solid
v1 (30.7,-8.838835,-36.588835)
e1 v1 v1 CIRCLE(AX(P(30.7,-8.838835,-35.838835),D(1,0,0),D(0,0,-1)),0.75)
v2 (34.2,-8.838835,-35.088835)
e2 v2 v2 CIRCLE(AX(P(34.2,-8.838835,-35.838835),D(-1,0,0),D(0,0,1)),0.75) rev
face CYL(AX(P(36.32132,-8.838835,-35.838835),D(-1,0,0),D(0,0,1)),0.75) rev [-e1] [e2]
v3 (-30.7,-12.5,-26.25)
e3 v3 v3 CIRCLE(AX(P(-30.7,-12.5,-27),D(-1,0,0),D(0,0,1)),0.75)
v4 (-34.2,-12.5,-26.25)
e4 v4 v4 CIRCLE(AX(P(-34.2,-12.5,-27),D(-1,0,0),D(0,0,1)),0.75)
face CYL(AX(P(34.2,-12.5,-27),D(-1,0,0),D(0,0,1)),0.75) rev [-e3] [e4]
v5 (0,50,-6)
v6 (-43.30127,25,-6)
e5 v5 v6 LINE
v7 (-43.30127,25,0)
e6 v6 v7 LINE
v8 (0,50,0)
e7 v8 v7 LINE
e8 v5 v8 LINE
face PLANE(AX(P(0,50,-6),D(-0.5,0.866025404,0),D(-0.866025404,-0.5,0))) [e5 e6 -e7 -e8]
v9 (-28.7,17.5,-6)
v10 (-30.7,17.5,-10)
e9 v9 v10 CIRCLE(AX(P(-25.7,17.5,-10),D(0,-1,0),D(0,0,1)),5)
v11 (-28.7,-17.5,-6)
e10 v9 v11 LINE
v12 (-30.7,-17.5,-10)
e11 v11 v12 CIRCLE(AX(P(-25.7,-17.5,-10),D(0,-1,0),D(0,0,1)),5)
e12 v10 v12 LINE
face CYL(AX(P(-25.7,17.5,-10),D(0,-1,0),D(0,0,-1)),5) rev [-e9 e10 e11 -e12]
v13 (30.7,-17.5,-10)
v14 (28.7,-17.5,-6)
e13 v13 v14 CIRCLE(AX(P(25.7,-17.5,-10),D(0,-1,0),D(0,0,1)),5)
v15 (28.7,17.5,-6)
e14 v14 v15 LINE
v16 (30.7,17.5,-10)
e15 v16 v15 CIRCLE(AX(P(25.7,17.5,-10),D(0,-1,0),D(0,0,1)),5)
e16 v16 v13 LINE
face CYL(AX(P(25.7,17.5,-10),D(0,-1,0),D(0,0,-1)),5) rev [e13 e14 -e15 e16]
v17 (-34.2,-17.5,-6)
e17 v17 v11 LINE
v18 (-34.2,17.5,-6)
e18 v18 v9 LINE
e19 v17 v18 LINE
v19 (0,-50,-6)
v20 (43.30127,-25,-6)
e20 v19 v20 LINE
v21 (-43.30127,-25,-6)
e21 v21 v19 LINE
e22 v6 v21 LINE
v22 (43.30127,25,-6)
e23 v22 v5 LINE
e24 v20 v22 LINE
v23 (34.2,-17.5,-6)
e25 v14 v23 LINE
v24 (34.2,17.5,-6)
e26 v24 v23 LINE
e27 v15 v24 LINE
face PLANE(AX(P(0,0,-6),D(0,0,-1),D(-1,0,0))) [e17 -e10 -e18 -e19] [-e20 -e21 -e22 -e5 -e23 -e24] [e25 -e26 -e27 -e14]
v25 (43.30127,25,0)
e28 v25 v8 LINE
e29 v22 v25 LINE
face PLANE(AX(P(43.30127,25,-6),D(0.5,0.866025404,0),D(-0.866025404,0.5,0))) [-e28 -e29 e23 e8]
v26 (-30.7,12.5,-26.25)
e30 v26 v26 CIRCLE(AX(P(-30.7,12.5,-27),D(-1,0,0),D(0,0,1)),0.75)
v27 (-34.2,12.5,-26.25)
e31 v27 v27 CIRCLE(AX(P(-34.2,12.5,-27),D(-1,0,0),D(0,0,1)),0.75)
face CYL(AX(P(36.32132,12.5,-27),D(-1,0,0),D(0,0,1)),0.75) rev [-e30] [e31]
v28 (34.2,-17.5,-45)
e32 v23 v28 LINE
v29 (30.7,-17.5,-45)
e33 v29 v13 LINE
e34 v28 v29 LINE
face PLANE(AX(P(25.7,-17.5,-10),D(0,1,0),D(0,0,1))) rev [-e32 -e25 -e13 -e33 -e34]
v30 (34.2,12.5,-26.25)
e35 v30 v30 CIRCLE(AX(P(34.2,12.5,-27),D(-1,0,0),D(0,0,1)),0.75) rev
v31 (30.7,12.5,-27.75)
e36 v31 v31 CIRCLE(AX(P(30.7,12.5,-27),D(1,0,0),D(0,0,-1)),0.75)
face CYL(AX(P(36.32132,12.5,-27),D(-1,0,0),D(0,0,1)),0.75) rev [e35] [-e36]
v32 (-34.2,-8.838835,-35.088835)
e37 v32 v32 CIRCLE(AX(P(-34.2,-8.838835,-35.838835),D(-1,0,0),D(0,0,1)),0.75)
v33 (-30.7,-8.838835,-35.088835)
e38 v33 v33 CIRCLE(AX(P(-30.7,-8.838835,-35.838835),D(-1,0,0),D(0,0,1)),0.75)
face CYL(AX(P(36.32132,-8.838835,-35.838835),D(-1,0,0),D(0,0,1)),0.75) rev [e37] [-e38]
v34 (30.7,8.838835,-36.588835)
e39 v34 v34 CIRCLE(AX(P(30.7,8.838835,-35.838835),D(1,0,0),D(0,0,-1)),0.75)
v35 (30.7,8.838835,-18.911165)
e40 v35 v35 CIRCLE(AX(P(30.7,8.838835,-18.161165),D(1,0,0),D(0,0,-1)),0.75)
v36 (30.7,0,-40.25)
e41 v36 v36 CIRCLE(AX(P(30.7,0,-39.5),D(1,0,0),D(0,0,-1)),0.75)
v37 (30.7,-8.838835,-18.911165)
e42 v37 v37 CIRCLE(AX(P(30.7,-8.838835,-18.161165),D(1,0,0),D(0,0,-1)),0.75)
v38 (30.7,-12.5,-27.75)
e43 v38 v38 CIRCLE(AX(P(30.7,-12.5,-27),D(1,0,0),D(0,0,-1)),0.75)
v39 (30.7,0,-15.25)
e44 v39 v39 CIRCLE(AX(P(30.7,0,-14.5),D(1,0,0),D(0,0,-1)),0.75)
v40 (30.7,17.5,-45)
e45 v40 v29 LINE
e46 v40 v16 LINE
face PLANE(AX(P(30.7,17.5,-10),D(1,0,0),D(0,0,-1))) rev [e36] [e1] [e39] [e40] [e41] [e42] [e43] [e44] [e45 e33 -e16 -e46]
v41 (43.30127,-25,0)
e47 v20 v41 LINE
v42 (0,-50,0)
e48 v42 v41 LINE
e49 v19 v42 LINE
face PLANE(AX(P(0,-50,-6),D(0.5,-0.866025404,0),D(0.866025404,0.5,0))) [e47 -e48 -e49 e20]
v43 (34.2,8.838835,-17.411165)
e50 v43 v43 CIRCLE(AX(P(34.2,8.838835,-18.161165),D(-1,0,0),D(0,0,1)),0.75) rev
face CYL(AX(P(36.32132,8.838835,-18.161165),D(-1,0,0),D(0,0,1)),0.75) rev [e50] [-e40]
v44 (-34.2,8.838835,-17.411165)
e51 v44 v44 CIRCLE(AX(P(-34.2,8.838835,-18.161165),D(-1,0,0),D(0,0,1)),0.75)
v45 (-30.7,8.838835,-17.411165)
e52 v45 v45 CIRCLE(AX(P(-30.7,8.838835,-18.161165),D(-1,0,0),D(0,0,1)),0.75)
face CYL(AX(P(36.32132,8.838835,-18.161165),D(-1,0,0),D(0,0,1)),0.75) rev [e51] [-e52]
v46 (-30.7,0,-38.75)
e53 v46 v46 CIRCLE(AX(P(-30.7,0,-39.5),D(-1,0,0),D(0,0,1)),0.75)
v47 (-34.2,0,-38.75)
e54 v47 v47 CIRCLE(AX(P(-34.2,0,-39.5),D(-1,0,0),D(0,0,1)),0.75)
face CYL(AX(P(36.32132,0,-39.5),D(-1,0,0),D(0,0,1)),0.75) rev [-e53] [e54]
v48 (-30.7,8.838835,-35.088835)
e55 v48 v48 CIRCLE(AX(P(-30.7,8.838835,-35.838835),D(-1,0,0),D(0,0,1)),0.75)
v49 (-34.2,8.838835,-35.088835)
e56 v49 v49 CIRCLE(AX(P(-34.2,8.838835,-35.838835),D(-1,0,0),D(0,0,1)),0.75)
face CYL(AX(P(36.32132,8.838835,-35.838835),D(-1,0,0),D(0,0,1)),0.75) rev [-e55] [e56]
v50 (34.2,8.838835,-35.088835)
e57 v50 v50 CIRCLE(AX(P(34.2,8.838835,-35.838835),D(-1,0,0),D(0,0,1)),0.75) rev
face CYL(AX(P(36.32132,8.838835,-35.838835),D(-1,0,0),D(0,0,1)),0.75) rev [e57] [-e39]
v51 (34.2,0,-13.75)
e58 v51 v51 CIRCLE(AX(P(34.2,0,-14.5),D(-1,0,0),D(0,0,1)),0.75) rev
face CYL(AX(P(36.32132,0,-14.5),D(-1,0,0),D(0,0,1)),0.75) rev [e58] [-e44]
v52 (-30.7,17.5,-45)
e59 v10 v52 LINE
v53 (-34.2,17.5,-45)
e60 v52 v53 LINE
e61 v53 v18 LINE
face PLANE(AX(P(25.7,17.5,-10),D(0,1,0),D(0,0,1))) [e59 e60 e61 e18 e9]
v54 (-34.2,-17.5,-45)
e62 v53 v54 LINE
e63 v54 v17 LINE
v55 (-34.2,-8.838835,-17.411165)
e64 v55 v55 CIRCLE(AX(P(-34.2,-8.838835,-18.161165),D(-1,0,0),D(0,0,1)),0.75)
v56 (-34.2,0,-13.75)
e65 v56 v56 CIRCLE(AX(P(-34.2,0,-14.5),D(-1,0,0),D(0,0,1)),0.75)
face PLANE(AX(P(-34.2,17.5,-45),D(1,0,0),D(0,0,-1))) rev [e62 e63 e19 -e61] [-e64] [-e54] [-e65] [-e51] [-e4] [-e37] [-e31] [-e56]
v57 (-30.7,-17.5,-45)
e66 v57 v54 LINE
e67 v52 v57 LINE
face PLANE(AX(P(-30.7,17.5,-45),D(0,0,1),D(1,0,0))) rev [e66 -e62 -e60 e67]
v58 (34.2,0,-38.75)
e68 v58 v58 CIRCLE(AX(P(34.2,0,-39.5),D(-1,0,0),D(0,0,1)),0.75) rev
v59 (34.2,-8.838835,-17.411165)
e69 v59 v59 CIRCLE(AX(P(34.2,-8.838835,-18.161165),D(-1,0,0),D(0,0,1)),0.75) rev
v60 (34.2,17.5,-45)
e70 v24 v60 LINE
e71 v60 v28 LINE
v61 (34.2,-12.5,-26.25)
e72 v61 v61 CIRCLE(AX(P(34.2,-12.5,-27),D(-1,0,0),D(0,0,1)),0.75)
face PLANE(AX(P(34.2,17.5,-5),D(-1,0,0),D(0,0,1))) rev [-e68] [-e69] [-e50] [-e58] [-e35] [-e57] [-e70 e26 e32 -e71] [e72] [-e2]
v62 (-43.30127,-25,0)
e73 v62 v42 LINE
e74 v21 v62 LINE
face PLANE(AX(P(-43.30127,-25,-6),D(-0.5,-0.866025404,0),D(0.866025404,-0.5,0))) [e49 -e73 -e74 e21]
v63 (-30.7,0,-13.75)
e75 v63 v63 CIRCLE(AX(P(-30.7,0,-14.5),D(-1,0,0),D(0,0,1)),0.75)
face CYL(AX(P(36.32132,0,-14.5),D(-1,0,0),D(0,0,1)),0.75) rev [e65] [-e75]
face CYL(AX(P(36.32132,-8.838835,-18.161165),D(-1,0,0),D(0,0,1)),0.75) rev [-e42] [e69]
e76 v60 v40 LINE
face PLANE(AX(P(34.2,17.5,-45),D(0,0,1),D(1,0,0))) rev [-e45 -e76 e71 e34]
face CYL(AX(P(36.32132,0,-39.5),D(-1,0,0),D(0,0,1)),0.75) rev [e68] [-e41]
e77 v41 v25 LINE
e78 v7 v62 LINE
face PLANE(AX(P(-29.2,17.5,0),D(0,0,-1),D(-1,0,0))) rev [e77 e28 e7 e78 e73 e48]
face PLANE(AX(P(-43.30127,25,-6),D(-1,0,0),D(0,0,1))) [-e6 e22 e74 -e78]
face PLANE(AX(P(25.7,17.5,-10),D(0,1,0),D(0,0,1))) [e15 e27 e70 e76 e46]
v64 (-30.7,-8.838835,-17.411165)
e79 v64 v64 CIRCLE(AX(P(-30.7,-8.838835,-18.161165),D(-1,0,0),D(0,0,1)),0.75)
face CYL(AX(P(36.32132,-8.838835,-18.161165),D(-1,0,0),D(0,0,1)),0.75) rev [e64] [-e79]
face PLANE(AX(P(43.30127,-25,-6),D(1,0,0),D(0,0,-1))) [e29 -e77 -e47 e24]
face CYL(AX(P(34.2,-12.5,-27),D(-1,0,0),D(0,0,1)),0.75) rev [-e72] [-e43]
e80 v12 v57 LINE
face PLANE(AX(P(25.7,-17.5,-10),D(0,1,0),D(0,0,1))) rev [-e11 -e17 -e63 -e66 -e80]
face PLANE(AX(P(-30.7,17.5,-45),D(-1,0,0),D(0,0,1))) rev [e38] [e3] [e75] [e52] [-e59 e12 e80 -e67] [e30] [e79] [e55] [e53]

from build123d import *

# Parameters (mm, degrees)
BOSS_EXTRUDE1_DEPTH = 17.5
SKETCH2_R           = 0.75
CUT_EXTRUDE1_DEPTH  = 68.4
SKETCH2_3_R         = 0.75
CUT_EXTRUDE2_DEPTH  = 69.4
SKETCH3_W           = 82.6
SKETCH3_H           = 35
BOSS_EXTRUDE2_DEPTH = 6
BOSS_EXTRUDE3_DEPTH = 6


with BuildPart() as part:
    # Sketch1 → Boss-Extrude1 (new body, symmetric)
    with BuildSketch(Plane(origin=(0, 0, 0), x_dir=(1, 0, 0), z_dir=(0, 1, 0))):
        with BuildLine():
            Line((-29.2, 0), (29.2, 0))
            ThreePointArc((29.2, 0), (32.735533906, 1.464466094), (34.2, 5))
            Line((34.2, 5), (34.2, 45))
            Line((34.2, 45), (30.7, 45))
            Line((30.7, 45), (30.7, 10))
            ThreePointArc((30.7, 10), (29.235533906, 6.464466094), (25.7, 5))
            Line((25.7, 5), (-25.7, 5))
            ThreePointArc((-25.7, 5), (-29.235533906, 6.464466094), (-30.7, 10))
            Line((-30.7, 10), (-30.7, 45))
            Line((-30.7, 45), (-34.2, 45))
            Line((-34.2, 45), (-34.2, 5))
            ThreePointArc((-34.2, 5), (-32.735533906, 1.464466094), (-29.2, 0))
        make_face()
    extrude(amount=BOSS_EXTRUDE1_DEPTH, both=True)

    # Sketch2 → Cut-Extrude1 (cut)
    with BuildSketch(Plane.ZY.offset(34.2)):
        with Locations((-27, 12.5)):
            Circle(SKETCH2_R)
        with Locations((-18.161165235, 8.838834765)):
            Circle(SKETCH2_R)
        with Locations((-14.5, 0)):
            Circle(SKETCH2_R)
        with Locations((-18.161165235, -8.838834765)):
            Circle(SKETCH2_R)
        with Locations((-35.838834765, -8.838834765)):
            Circle(SKETCH2_R)
        with Locations((-39.5, 0)):
            Circle(SKETCH2_R)
        with Locations((-35.838834765, 8.838834765)):
            Circle(SKETCH2_R)
    extrude(amount=-CUT_EXTRUDE1_DEPTH, mode=Mode.SUBTRACT)

    # Sketch2<3> → Cut-Extrude2 (cut, through all)
    with BuildSketch(Plane.ZY.offset(34.2)):
        with Locations((-27, -12.5)):
            Circle(SKETCH2_3_R)
    extrude(amount=-CUT_EXTRUDE2_DEPTH, mode=Mode.SUBTRACT)

    # Sketch3 → Boss-Extrude2 (add)
    with BuildSketch(Plane.XY):
        Rectangle(SKETCH3_W, SKETCH3_H)
    extrude(amount=-BOSS_EXTRUDE2_DEPTH)

    # Sketch5 → Boss-Extrude3 (add)
    with BuildSketch(Plane.XY):
        Polygon((43.301270189, 25), (0, 50), (-43.301270189, 25), (-43.301270189, -25), (0, -50), (43.301270189, -25), align=None)
    extrude(amount=-BOSS_EXTRUDE3_DEPTH)


solid = part.part
